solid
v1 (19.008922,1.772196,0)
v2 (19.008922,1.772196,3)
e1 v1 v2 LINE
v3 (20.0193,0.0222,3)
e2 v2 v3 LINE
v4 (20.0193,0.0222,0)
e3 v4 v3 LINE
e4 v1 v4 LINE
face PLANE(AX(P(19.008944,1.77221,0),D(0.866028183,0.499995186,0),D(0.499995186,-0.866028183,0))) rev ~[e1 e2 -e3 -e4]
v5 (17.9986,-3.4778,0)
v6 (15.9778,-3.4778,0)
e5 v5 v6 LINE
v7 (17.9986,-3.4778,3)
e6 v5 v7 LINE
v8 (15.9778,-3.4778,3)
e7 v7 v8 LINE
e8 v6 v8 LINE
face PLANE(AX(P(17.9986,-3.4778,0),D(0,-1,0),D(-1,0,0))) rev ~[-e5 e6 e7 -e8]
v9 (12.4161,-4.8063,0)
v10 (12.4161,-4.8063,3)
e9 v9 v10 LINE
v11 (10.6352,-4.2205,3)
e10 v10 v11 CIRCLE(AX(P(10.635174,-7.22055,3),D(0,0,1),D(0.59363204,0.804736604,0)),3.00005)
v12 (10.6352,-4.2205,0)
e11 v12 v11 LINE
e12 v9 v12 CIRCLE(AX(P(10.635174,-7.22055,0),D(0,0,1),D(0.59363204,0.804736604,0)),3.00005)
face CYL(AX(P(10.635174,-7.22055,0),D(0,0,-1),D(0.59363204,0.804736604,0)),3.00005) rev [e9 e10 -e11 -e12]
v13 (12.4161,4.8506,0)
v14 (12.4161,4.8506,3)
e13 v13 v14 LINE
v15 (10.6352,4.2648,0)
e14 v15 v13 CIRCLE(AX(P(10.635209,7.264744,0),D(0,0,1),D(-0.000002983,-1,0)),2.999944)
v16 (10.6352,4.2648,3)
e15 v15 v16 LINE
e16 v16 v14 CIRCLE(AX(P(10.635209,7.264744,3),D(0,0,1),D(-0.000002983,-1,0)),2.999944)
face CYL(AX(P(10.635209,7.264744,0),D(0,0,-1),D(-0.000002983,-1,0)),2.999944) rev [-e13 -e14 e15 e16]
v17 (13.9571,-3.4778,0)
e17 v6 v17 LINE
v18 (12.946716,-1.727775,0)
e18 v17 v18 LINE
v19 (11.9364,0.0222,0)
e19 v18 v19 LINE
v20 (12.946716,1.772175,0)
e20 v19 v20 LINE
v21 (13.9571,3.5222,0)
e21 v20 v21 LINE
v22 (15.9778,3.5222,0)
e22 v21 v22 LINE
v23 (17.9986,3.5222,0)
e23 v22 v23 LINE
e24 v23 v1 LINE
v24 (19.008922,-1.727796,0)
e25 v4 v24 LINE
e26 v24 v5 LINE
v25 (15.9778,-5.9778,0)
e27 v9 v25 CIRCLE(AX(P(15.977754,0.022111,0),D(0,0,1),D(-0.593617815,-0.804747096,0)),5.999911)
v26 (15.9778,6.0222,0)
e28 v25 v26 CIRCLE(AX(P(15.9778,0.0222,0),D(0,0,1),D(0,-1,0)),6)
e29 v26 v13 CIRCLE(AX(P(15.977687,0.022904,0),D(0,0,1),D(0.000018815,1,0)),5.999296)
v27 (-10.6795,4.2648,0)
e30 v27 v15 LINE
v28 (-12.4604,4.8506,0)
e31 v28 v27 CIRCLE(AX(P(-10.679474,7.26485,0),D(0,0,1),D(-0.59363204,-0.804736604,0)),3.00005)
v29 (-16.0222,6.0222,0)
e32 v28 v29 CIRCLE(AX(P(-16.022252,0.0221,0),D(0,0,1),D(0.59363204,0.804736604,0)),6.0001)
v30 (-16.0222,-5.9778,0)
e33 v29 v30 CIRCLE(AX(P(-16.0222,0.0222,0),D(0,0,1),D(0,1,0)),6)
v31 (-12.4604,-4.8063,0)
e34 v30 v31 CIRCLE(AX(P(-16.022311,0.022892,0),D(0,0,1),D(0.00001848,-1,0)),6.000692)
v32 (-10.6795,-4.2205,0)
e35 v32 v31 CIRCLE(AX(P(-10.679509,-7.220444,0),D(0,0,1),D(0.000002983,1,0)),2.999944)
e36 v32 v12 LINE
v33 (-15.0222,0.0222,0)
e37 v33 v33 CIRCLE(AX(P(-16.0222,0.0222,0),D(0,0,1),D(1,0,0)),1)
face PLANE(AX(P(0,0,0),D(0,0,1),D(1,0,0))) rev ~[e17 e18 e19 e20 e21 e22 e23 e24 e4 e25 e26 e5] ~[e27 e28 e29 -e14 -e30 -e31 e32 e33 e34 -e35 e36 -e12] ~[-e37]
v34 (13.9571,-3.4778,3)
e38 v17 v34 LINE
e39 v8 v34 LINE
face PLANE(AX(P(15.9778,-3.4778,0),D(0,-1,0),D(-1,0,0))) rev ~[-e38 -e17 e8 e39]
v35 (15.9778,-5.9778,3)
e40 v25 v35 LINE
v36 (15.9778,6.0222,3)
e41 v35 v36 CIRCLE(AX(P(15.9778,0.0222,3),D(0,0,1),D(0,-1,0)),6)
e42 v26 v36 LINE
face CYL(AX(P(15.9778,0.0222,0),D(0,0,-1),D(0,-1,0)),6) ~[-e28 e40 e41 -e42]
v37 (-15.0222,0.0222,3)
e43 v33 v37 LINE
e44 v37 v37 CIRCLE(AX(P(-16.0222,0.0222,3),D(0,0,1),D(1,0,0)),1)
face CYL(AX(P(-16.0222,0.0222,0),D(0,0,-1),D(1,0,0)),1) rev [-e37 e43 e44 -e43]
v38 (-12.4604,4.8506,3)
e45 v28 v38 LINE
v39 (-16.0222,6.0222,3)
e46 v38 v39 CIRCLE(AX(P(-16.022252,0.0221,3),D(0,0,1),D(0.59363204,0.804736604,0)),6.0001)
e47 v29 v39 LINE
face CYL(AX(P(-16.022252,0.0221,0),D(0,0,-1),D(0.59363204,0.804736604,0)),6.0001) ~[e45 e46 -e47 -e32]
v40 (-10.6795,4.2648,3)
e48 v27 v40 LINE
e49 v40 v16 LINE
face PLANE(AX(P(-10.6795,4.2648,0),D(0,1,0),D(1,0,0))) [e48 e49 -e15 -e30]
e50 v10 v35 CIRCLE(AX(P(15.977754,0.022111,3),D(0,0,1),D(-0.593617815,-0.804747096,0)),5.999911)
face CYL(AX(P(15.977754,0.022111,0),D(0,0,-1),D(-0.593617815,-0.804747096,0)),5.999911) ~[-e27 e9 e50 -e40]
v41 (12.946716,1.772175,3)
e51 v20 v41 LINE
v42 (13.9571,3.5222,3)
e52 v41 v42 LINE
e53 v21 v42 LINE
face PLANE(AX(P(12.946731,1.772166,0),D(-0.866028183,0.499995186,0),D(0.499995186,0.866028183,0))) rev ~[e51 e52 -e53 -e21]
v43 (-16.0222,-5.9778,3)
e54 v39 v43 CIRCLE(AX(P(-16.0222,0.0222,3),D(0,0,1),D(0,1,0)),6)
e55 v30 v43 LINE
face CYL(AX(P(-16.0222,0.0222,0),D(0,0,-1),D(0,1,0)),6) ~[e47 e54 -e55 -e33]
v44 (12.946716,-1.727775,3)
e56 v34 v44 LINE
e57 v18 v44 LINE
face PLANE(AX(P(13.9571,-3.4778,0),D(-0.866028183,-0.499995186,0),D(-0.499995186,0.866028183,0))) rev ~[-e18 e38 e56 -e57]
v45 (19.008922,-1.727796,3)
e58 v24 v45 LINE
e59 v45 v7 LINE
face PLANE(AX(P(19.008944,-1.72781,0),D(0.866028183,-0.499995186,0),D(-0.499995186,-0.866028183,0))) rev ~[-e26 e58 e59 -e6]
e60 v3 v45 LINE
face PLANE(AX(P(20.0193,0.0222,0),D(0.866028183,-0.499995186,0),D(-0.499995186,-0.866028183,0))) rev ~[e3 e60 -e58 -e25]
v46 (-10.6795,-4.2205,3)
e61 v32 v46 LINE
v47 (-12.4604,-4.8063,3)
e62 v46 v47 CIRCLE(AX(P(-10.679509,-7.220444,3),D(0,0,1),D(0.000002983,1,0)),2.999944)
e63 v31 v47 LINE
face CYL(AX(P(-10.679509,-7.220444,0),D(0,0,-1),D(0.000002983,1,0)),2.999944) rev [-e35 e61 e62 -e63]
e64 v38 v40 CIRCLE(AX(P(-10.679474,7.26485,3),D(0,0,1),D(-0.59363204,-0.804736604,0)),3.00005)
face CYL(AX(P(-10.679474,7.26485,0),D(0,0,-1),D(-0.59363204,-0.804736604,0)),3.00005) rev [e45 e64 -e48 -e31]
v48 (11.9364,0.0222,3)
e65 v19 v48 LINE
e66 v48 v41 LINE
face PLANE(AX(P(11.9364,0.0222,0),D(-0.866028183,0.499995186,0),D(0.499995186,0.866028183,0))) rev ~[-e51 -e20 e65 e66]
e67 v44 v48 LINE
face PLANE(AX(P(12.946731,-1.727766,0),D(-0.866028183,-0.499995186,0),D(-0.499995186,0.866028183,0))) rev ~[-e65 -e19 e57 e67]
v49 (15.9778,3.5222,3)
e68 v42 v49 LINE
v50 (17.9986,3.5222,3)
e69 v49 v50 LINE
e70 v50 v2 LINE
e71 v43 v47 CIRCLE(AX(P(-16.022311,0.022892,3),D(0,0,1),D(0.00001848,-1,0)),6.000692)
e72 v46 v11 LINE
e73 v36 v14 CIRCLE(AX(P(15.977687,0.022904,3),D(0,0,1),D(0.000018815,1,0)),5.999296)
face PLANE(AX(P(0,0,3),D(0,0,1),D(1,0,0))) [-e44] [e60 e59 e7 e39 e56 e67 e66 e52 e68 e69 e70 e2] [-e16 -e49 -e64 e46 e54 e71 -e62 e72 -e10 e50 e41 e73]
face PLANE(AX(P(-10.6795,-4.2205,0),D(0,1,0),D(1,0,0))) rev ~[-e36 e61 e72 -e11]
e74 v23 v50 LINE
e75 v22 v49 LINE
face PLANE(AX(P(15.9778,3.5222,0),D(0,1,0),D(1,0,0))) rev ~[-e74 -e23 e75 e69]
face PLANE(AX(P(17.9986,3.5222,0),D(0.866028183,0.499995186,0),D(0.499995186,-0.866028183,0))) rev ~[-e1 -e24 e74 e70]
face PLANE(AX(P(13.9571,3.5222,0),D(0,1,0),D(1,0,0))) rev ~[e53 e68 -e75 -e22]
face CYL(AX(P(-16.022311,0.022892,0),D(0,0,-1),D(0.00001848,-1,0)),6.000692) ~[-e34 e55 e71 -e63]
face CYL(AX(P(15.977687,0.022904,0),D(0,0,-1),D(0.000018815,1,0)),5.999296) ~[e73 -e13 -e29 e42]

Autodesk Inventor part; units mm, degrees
ref_plane "YZ Plane" through (0, 0, 0) normal (1, 0, 0) x (0, 1, 0)
ref_plane "XZ Plane" through (0, 0, 0) normal (0, 1, 0) x (-1, 0, 0)
ref_plane "XY Plane" through (0, 0, 0) normal (0, 0, 1) x (1, 0, 0)
sketch "Sketch1" plane through (0, 0, 0) normal (0, 0, 1) x (1, 0, 0)
  circle A0 centre (15.9778, 0.0222) radius 3.5
  arc A1 (-16.0222, 6.0222) -> (-16.0222, -5.9778) centre (-16.0222, 0.0222) ccw
  arc A2 (15.9778, -5.9778) -> (15.9778, 6.0222) centre (15.9778, 0.0222) ccw
  arc A3 (-16.0222, -5.9778) -> (-12.4604, -4.8063) centre (-16.0222, 0.0222) ccw
  line L0 (-16.0222, 0.0222) -> (-11.7795, -4.2205) construction
  line L1 (-16.0222, 0.0222) -> (-16.0222, -5.9778) construction
  arc A4 (-12.4604, 4.8506) -> (-16.0222, 6.0222) centre (-16.0222, 0.0222) ccw
  line L2 (-16.0222, 0.0222) -> (-11.7795, 4.2648) construction
  line L3 (-16.0222, 0.0222) -> (-16.0222, 6.0222) construction
  arc A5 (15.9778, 6.0222) -> (12.4161, 4.8506) centre (15.9778, 0.0222) ccw
  line L4 (15.9778, 0.0222) -> (11.7352, 4.2648) construction
  line L5 (15.9778, 0.0222) -> (15.9778, 6.0222) construction
  arc A6 (12.4161, -4.8063) -> (15.9778, -5.9778) centre (15.9778, 0.0222) ccw
  line L6 (15.9778, 0.0222) -> (11.7352, -4.2205) construction
  line L7 (15.9778, 0.0222) -> (15.9778, -5.9778) construction
  line L8 (-10.6795, 4.2648) -> (10.6352, 4.2648)
  line L9 (-10.6795, -4.2205) -> (10.6352, -4.2205)
  arc A7 (-12.4604, 4.8506) -> (-10.6795, 4.2648) centre (-10.6795, 7.2648) ccw
  arc A8 (-10.6795, -4.2205) -> (-12.4604, -4.8063) centre (-10.6795, -7.2205) ccw
  arc A9 (10.6352, 4.2648) -> (12.4161, 4.8506) centre (10.6352, 7.2648) ccw
  arc A10 (12.4161, -4.8063) -> (10.6352, -4.2205) centre (10.6352, -7.2205) ccw
  line L10 (11.9364, 0.0222) -> (13.9571, 3.5222)
  line L11 (13.9571, 3.5222) -> (17.9986, 3.5222)
  line L12 (17.9986, 3.5222) -> (20.0193, 0.0222)
  line L13 (20.0193, 0.0222) -> (17.9986, -3.4778)
  line L14 (17.9986, -3.4778) -> (13.9571, -3.4778)
  line L15 (13.9571, -3.4778) -> (11.9364, 0.0222)
  circle A11 centre (-16.0222, 0.0222) radius 1
  point P0 (0, 0)
  dimension "d1" = 7
  dimension "d2" = 32
  dimension "d3" = 6
  dimension "d4" = 6
  dimension "d5" = 45
  dimension "d6" = 45
  dimension "d7" = 45
  dimension "d8" = 45
  dimension "d9" = 3
  dimension "d14" = 2
extrude "Extrusion2" add sketch "Sketch1" along normal blind 3
properties part number "2P.03.01.16.ZW.FlapCrank"
